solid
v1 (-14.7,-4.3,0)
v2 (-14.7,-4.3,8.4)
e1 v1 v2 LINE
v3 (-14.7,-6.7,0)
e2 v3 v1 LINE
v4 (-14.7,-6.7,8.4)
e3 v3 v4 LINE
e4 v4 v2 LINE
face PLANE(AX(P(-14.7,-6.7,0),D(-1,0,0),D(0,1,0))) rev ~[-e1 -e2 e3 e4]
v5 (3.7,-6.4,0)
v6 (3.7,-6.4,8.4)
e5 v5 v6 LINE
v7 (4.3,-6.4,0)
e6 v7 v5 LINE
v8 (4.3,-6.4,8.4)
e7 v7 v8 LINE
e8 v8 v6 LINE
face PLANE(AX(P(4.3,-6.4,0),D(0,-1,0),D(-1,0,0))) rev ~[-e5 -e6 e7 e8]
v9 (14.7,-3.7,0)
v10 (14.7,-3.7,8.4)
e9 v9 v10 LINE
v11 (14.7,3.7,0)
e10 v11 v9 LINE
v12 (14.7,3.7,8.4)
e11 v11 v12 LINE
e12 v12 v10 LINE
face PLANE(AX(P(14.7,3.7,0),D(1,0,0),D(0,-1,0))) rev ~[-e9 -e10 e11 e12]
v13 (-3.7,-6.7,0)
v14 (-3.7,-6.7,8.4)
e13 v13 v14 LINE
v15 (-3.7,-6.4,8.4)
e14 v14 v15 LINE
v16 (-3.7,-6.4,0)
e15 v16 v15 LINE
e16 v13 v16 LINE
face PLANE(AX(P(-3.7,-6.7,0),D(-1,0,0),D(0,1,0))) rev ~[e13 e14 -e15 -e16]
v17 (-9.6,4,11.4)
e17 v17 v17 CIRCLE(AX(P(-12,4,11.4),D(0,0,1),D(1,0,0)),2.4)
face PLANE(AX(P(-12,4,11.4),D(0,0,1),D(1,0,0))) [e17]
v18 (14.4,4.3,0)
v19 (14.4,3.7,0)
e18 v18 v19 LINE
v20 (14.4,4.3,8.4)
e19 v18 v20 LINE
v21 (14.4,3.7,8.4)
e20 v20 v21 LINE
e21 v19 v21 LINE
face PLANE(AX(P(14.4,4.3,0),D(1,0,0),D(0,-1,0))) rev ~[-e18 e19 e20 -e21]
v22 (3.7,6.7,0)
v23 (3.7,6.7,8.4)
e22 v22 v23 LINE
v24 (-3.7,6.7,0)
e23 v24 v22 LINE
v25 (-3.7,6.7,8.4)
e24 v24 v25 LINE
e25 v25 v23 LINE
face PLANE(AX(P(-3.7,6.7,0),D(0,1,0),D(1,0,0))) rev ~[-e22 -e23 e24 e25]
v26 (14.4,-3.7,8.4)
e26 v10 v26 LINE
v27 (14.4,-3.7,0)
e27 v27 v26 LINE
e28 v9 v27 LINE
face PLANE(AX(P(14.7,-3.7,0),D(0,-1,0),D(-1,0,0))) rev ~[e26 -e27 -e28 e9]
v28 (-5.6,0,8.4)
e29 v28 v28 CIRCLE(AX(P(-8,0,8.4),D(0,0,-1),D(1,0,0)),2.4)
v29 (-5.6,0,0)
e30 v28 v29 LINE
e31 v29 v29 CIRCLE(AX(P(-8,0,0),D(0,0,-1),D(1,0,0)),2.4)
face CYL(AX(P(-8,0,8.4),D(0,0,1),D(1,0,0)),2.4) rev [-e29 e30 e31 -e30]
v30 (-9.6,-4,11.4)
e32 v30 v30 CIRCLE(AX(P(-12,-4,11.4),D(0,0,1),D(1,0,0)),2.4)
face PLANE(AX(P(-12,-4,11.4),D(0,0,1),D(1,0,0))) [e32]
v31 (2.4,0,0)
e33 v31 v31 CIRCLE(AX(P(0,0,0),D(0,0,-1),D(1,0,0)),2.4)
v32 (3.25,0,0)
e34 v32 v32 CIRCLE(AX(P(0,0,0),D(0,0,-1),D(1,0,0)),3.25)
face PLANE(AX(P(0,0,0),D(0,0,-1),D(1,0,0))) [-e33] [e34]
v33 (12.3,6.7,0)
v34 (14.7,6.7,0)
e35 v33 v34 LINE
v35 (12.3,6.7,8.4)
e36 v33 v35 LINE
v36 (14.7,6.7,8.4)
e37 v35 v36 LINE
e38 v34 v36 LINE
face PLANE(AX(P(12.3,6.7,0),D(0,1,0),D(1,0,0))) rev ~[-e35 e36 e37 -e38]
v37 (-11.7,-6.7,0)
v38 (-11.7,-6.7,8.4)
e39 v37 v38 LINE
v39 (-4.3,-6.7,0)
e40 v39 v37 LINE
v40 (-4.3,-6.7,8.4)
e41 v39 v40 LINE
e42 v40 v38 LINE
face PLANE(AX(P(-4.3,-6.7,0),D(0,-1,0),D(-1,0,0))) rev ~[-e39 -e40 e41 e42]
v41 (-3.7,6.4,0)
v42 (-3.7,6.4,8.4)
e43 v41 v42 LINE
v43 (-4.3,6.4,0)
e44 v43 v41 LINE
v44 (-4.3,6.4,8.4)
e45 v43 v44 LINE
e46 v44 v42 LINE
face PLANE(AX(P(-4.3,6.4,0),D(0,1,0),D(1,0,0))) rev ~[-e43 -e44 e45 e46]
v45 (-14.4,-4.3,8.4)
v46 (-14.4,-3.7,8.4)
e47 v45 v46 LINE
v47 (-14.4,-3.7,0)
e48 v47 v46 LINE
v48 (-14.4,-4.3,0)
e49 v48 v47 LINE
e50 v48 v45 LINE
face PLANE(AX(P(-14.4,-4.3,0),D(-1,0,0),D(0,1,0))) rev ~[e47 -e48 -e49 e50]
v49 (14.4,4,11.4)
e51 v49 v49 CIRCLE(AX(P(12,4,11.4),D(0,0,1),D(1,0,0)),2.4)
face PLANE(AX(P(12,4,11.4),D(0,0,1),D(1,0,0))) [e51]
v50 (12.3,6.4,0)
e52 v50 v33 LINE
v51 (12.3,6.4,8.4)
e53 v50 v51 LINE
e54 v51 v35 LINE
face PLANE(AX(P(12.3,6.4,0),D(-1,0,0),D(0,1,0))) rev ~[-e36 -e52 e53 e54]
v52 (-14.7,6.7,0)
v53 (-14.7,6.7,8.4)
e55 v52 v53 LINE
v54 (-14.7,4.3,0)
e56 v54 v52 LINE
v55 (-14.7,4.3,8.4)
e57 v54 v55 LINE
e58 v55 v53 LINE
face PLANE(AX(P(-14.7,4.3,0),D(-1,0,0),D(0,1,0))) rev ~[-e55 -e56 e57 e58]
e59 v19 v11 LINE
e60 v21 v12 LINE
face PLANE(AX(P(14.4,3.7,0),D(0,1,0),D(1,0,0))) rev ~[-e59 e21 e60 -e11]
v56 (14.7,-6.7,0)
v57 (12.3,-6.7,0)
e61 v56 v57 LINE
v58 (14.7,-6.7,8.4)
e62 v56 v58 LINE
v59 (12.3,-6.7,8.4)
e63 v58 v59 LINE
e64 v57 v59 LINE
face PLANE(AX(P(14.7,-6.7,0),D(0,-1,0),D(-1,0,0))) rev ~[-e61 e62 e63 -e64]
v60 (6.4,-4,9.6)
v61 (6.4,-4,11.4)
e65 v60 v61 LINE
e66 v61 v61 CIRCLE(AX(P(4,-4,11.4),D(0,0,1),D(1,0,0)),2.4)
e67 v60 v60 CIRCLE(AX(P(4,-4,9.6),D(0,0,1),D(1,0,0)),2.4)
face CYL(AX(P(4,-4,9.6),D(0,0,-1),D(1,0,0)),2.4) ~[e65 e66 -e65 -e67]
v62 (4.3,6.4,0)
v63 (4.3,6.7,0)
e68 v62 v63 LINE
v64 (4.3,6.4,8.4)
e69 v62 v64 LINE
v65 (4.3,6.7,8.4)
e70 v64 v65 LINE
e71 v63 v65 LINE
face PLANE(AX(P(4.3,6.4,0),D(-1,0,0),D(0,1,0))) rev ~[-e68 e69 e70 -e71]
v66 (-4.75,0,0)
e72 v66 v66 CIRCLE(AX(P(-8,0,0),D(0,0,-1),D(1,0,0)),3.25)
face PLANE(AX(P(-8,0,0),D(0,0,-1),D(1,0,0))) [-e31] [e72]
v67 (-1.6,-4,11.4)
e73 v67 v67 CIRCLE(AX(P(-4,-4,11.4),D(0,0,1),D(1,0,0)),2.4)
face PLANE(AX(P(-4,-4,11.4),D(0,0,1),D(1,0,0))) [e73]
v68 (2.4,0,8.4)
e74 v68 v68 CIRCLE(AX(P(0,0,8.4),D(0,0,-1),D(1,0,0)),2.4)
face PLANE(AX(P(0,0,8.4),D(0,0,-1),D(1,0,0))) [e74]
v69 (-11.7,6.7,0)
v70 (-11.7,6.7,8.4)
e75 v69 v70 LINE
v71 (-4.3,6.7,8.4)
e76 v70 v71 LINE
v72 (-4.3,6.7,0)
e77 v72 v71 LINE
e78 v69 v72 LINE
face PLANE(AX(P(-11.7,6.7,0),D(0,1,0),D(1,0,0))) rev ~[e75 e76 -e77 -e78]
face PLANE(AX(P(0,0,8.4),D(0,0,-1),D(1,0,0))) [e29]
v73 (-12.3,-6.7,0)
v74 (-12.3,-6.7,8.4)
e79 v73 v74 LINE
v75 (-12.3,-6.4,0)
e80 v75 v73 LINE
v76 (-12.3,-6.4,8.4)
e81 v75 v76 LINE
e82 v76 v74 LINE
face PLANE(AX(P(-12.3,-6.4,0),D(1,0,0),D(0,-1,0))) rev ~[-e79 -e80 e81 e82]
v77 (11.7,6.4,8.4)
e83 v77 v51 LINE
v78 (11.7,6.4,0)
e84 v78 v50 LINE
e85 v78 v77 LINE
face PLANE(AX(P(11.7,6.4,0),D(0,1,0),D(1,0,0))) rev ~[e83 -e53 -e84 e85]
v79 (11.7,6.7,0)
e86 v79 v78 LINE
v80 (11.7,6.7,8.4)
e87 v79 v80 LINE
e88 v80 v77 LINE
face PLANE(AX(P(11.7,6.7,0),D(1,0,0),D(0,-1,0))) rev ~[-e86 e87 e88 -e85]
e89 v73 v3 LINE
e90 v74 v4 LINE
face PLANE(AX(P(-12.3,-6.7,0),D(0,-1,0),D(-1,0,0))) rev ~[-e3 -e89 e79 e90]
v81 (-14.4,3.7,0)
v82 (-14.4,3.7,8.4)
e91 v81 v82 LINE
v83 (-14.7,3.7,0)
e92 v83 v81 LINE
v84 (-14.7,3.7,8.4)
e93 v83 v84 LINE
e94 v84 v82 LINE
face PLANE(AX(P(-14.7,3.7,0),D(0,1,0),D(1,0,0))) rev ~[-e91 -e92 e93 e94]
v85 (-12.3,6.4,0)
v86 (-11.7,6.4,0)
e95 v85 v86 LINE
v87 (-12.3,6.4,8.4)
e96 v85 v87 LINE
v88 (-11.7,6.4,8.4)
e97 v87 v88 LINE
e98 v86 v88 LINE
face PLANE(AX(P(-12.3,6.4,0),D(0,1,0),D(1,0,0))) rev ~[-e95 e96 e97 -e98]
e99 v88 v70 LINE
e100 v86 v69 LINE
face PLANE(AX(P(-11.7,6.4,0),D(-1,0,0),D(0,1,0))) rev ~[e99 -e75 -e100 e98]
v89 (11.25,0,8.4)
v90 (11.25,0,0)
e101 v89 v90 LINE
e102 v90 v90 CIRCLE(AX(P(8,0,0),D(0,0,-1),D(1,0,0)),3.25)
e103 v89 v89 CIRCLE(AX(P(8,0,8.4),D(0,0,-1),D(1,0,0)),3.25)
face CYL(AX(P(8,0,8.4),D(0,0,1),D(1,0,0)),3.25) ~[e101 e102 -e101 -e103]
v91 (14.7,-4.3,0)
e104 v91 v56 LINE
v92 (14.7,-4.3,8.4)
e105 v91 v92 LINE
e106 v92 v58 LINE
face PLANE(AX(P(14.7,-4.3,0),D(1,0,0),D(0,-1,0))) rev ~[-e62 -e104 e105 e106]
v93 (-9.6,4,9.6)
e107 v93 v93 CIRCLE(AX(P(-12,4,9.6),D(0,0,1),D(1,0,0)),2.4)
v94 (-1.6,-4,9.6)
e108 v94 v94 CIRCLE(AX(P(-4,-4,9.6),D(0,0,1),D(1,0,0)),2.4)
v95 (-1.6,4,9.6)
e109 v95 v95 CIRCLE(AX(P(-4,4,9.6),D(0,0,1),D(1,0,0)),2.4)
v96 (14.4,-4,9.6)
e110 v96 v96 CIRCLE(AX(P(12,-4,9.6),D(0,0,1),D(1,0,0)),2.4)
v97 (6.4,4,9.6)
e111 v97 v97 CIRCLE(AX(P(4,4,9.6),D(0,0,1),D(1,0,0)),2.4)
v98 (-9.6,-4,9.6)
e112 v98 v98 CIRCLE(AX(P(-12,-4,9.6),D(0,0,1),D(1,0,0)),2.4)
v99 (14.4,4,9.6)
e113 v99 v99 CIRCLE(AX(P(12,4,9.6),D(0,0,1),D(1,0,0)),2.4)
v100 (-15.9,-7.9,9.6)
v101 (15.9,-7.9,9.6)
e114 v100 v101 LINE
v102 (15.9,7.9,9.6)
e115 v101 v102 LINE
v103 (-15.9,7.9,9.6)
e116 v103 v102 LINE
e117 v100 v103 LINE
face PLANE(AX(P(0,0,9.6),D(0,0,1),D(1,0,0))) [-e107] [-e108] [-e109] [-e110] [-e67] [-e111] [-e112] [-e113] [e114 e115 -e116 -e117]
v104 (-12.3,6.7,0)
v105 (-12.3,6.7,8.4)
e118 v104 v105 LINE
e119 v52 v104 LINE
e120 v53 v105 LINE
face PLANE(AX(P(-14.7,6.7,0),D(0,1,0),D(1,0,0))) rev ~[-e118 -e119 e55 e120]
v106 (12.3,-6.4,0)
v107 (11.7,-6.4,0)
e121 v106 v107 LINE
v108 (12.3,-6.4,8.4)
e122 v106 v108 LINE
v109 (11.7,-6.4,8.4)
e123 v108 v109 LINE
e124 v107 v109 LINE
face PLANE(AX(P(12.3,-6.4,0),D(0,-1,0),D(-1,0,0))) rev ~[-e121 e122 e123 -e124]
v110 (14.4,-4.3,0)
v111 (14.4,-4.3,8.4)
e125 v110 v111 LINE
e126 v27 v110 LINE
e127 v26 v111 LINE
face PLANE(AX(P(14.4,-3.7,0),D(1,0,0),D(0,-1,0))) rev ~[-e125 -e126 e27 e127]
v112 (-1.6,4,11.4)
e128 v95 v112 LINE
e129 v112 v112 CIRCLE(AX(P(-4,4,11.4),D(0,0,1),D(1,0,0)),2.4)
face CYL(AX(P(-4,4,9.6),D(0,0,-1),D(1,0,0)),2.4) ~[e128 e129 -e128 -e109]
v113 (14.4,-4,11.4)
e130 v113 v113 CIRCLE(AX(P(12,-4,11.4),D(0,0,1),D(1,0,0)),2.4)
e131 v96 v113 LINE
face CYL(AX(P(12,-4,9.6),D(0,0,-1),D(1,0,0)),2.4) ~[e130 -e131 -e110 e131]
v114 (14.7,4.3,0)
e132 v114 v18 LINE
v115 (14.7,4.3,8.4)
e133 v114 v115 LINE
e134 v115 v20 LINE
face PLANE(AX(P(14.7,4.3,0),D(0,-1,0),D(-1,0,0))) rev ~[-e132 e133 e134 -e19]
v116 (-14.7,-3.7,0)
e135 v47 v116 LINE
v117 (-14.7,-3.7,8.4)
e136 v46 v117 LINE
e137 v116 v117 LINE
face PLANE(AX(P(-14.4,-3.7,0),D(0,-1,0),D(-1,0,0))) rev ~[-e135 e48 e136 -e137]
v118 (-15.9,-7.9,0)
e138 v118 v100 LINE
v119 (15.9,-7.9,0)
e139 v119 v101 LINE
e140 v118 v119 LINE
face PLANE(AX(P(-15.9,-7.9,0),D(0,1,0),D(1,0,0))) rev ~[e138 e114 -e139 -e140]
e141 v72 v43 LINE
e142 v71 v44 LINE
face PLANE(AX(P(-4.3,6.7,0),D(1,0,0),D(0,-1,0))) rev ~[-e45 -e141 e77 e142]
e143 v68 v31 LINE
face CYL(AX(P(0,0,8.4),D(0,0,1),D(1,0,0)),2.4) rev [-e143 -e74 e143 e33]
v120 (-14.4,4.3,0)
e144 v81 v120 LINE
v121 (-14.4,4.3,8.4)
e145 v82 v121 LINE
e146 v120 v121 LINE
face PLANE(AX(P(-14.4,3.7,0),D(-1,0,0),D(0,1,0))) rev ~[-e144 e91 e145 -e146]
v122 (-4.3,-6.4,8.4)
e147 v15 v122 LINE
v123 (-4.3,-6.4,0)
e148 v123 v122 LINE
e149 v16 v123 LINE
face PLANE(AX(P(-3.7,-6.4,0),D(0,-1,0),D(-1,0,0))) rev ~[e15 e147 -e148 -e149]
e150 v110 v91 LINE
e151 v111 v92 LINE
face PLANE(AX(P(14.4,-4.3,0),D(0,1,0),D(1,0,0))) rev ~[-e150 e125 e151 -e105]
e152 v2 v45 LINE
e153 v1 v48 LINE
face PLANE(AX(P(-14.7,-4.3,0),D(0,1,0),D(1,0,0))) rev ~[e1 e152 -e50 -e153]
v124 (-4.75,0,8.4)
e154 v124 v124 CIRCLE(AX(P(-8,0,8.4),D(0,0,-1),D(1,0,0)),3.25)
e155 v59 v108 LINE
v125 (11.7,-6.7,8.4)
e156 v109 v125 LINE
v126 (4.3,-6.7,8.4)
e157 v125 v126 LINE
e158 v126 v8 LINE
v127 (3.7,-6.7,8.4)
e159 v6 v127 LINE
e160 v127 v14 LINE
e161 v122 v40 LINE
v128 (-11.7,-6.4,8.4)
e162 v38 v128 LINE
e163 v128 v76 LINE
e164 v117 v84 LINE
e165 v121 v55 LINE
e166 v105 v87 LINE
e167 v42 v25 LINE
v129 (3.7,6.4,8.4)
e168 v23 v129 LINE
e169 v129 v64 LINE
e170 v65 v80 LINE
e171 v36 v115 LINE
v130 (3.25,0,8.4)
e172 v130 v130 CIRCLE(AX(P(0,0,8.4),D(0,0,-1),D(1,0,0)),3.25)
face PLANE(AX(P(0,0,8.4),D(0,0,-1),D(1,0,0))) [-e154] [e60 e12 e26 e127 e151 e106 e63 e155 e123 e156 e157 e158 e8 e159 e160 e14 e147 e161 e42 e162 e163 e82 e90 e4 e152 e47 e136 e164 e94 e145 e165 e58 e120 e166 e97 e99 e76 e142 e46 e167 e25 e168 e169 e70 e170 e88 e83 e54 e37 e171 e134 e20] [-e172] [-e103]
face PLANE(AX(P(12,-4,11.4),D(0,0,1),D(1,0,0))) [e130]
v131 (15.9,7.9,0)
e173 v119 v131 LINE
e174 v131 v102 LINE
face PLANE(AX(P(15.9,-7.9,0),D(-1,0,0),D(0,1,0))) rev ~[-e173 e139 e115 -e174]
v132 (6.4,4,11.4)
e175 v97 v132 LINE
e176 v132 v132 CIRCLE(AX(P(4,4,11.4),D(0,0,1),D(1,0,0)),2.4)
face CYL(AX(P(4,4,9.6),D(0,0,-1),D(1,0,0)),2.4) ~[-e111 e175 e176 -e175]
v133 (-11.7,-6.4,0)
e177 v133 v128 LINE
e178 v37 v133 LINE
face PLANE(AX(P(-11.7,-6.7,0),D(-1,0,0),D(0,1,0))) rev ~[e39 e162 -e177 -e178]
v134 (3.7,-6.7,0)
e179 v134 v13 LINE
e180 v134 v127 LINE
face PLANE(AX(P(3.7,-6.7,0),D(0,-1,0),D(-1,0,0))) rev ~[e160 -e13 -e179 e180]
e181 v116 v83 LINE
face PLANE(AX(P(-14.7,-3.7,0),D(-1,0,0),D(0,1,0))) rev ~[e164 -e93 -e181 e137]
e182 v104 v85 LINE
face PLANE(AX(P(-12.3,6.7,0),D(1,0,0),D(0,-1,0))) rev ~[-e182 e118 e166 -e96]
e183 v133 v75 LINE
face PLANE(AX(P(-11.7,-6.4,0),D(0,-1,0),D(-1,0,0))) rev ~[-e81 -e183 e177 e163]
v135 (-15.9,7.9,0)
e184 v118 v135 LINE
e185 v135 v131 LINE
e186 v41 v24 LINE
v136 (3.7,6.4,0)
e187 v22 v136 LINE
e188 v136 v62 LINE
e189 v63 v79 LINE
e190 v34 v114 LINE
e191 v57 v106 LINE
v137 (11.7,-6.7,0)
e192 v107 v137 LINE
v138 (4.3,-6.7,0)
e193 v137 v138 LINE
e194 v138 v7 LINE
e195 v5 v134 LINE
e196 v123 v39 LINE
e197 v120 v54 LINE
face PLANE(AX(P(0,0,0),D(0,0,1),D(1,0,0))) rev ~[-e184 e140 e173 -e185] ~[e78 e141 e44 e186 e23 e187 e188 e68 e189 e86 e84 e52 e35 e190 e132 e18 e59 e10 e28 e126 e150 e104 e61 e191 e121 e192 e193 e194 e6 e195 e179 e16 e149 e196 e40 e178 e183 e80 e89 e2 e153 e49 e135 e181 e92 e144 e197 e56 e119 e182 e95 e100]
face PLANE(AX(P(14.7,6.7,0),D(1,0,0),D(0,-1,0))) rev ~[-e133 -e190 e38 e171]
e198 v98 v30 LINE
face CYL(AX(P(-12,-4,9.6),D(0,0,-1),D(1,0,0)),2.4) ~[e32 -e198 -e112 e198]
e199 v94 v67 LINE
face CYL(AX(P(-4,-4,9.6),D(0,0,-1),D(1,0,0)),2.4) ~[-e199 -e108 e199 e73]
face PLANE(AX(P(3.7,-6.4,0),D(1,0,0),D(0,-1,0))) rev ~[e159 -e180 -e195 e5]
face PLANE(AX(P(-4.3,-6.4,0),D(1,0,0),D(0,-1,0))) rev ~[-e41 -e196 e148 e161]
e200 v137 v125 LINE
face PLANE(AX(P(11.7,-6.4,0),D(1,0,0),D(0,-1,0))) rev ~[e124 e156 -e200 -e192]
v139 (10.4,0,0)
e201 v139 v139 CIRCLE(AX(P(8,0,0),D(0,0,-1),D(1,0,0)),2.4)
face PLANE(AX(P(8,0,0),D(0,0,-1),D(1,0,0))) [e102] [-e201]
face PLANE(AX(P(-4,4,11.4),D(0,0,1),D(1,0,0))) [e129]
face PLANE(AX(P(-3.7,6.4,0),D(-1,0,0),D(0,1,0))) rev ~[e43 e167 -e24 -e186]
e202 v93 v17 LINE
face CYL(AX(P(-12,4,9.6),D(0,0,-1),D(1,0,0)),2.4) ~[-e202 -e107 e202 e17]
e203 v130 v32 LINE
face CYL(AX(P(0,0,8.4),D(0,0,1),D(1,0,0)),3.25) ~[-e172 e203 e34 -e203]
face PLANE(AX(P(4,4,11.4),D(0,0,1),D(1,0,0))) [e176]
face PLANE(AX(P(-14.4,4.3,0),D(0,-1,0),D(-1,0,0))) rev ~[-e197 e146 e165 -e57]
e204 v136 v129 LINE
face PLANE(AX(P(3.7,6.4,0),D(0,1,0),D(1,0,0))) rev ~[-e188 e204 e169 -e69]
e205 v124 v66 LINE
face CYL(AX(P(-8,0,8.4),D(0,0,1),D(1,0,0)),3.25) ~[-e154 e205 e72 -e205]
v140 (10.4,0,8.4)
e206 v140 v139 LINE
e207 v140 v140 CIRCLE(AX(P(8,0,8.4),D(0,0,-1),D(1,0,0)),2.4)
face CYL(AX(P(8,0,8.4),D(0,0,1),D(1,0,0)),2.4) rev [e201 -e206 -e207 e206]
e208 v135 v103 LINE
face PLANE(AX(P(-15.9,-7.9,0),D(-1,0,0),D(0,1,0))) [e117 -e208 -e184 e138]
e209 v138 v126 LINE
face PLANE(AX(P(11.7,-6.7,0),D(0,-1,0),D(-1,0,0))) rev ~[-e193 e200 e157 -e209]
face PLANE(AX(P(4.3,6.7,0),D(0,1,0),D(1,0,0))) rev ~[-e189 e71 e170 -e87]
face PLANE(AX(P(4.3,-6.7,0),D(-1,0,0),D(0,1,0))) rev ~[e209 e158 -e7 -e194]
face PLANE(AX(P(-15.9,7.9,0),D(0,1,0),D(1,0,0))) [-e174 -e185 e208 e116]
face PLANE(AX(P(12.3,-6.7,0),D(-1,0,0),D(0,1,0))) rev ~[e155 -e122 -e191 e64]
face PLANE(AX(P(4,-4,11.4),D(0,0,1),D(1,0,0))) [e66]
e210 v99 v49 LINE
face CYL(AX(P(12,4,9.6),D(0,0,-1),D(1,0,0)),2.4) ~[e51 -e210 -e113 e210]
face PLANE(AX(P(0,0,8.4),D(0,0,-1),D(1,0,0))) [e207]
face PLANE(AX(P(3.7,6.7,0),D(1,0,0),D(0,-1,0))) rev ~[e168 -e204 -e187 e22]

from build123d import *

# Parameters (mm, degrees)
SKETCH004_W   = 31.8
SKETCH004_H   = 15.8
PAD_DEPTH     = 9.6
SKETCH005_R   = 2.4
PAD001_DEPTH  = 1.8
POCKET_DEPTH  = 8.4
SKETCH007_R   = 3.25
SKETCH007_R_2 = 2.4
PAD002_DEPTH  = 8.4


with BuildPart() as part:
    # Sketch004 → Pad (new body)
    with BuildSketch(Plane.XY):
        Rectangle(SKETCH004_W, SKETCH004_H)
    extrude(amount=PAD_DEPTH)

    # Sketch005 (on Face6 of Pad) → Pad001 (join)
    with BuildSketch(Plane.XY.offset(9.6)):
        with Locations((-12, 4)):
            Circle(SKETCH005_R)
        with Locations((-4, 4)):
            Circle(SKETCH005_R)
        with Locations((12, 4)):
            Circle(SKETCH005_R)
        with Locations((4, 4)):
            Circle(SKETCH005_R)
        with Locations((-12, -4)):
            Circle(SKETCH005_R)
        with Locations((-4, -4)):
            Circle(SKETCH005_R)
        with Locations((12, -4)):
            Circle(SKETCH005_R)
        with Locations((4, -4)):
            Circle(SKETCH005_R)
    extrude(amount=PAD001_DEPTH)

    # Sketch006 (on Face4 of Pad001) → Pocket (cut)
    with BuildSketch(Plane(origin=(0, 0, 0), x_dir=(1, 0, 0), z_dir=(0, 0, -1))):
        Polygon((-14.7, 6.7), (-14.7, 4.3), (-14.4, 4.3), (-14.4, 3.7), (-14.7, 3.7), (-14.7, 0), (-14.7, -3.7), (-14.4, -3.7), (-14.4, -4.3), (-14.7, -4.3), (-14.7, -6.7), (-12.3, -6.7), (-12.3, -6.4), (-11.7, -6.4), (-11.7, -6.7), (-4.3, -6.7), (-4.3, -6.4), (-3.7, -6.4), (-3.7, -6.7), (0, -6.7), (3.7, -6.7), (3.7, -6.4), (4.3, -6.4), (4.3, -6.7), (11.7, -6.7), (11.7, -6.4), (12.3, -6.4), (12.3, -6.7), (14.7, -6.7), (14.7, -4.3), (14.4, -4.3), (14.4, -3.7), (14.7, -3.7), (14.7, 0), (14.7, 3.7), (14.4, 3.7), (14.4, 4.3), (14.7, 4.3), (14.7, 6.7), (12.3, 6.7), (12.3, 6.4), (11.7, 6.4), (11.7, 6.7), (4.3, 6.7), (4.3, 6.4), (3.7, 6.4), (3.7, 6.7), (0, 6.7), (-3.7, 6.7), (-3.7, 6.4), (-4.3, 6.4), (-4.3, 6.7), (-11.7, 6.7), (-11.7, 6.4), (-12.3, 6.4), (-12.3, 6.7), align=None)
    extrude(amount=-POCKET_DEPTH, mode=Mode.SUBTRACT)

    # Sketch007 (on Face71 of Pocket) → Pad002 (join)
    with BuildSketch(Plane(origin=(0, 0, 8.4), x_dir=(1, 0, 0), z_dir=(0, 0, -1))):
        Circle(SKETCH007_R)
        Circle(SKETCH007_R_2, mode=Mode.SUBTRACT)
        with Locations((-8, 0)):
            Circle(SKETCH007_R)
        with Locations((-8, 0)):
            Circle(SKETCH007_R_2, mode=Mode.SUBTRACT)
        with Locations((8, 0)):
            Circle(SKETCH007_R)
        with Locations((8, 0)):
            Circle(SKETCH007_R_2, mode=Mode.SUBTRACT)
    extrude(amount=PAD002_DEPTH)


solid = part.part
